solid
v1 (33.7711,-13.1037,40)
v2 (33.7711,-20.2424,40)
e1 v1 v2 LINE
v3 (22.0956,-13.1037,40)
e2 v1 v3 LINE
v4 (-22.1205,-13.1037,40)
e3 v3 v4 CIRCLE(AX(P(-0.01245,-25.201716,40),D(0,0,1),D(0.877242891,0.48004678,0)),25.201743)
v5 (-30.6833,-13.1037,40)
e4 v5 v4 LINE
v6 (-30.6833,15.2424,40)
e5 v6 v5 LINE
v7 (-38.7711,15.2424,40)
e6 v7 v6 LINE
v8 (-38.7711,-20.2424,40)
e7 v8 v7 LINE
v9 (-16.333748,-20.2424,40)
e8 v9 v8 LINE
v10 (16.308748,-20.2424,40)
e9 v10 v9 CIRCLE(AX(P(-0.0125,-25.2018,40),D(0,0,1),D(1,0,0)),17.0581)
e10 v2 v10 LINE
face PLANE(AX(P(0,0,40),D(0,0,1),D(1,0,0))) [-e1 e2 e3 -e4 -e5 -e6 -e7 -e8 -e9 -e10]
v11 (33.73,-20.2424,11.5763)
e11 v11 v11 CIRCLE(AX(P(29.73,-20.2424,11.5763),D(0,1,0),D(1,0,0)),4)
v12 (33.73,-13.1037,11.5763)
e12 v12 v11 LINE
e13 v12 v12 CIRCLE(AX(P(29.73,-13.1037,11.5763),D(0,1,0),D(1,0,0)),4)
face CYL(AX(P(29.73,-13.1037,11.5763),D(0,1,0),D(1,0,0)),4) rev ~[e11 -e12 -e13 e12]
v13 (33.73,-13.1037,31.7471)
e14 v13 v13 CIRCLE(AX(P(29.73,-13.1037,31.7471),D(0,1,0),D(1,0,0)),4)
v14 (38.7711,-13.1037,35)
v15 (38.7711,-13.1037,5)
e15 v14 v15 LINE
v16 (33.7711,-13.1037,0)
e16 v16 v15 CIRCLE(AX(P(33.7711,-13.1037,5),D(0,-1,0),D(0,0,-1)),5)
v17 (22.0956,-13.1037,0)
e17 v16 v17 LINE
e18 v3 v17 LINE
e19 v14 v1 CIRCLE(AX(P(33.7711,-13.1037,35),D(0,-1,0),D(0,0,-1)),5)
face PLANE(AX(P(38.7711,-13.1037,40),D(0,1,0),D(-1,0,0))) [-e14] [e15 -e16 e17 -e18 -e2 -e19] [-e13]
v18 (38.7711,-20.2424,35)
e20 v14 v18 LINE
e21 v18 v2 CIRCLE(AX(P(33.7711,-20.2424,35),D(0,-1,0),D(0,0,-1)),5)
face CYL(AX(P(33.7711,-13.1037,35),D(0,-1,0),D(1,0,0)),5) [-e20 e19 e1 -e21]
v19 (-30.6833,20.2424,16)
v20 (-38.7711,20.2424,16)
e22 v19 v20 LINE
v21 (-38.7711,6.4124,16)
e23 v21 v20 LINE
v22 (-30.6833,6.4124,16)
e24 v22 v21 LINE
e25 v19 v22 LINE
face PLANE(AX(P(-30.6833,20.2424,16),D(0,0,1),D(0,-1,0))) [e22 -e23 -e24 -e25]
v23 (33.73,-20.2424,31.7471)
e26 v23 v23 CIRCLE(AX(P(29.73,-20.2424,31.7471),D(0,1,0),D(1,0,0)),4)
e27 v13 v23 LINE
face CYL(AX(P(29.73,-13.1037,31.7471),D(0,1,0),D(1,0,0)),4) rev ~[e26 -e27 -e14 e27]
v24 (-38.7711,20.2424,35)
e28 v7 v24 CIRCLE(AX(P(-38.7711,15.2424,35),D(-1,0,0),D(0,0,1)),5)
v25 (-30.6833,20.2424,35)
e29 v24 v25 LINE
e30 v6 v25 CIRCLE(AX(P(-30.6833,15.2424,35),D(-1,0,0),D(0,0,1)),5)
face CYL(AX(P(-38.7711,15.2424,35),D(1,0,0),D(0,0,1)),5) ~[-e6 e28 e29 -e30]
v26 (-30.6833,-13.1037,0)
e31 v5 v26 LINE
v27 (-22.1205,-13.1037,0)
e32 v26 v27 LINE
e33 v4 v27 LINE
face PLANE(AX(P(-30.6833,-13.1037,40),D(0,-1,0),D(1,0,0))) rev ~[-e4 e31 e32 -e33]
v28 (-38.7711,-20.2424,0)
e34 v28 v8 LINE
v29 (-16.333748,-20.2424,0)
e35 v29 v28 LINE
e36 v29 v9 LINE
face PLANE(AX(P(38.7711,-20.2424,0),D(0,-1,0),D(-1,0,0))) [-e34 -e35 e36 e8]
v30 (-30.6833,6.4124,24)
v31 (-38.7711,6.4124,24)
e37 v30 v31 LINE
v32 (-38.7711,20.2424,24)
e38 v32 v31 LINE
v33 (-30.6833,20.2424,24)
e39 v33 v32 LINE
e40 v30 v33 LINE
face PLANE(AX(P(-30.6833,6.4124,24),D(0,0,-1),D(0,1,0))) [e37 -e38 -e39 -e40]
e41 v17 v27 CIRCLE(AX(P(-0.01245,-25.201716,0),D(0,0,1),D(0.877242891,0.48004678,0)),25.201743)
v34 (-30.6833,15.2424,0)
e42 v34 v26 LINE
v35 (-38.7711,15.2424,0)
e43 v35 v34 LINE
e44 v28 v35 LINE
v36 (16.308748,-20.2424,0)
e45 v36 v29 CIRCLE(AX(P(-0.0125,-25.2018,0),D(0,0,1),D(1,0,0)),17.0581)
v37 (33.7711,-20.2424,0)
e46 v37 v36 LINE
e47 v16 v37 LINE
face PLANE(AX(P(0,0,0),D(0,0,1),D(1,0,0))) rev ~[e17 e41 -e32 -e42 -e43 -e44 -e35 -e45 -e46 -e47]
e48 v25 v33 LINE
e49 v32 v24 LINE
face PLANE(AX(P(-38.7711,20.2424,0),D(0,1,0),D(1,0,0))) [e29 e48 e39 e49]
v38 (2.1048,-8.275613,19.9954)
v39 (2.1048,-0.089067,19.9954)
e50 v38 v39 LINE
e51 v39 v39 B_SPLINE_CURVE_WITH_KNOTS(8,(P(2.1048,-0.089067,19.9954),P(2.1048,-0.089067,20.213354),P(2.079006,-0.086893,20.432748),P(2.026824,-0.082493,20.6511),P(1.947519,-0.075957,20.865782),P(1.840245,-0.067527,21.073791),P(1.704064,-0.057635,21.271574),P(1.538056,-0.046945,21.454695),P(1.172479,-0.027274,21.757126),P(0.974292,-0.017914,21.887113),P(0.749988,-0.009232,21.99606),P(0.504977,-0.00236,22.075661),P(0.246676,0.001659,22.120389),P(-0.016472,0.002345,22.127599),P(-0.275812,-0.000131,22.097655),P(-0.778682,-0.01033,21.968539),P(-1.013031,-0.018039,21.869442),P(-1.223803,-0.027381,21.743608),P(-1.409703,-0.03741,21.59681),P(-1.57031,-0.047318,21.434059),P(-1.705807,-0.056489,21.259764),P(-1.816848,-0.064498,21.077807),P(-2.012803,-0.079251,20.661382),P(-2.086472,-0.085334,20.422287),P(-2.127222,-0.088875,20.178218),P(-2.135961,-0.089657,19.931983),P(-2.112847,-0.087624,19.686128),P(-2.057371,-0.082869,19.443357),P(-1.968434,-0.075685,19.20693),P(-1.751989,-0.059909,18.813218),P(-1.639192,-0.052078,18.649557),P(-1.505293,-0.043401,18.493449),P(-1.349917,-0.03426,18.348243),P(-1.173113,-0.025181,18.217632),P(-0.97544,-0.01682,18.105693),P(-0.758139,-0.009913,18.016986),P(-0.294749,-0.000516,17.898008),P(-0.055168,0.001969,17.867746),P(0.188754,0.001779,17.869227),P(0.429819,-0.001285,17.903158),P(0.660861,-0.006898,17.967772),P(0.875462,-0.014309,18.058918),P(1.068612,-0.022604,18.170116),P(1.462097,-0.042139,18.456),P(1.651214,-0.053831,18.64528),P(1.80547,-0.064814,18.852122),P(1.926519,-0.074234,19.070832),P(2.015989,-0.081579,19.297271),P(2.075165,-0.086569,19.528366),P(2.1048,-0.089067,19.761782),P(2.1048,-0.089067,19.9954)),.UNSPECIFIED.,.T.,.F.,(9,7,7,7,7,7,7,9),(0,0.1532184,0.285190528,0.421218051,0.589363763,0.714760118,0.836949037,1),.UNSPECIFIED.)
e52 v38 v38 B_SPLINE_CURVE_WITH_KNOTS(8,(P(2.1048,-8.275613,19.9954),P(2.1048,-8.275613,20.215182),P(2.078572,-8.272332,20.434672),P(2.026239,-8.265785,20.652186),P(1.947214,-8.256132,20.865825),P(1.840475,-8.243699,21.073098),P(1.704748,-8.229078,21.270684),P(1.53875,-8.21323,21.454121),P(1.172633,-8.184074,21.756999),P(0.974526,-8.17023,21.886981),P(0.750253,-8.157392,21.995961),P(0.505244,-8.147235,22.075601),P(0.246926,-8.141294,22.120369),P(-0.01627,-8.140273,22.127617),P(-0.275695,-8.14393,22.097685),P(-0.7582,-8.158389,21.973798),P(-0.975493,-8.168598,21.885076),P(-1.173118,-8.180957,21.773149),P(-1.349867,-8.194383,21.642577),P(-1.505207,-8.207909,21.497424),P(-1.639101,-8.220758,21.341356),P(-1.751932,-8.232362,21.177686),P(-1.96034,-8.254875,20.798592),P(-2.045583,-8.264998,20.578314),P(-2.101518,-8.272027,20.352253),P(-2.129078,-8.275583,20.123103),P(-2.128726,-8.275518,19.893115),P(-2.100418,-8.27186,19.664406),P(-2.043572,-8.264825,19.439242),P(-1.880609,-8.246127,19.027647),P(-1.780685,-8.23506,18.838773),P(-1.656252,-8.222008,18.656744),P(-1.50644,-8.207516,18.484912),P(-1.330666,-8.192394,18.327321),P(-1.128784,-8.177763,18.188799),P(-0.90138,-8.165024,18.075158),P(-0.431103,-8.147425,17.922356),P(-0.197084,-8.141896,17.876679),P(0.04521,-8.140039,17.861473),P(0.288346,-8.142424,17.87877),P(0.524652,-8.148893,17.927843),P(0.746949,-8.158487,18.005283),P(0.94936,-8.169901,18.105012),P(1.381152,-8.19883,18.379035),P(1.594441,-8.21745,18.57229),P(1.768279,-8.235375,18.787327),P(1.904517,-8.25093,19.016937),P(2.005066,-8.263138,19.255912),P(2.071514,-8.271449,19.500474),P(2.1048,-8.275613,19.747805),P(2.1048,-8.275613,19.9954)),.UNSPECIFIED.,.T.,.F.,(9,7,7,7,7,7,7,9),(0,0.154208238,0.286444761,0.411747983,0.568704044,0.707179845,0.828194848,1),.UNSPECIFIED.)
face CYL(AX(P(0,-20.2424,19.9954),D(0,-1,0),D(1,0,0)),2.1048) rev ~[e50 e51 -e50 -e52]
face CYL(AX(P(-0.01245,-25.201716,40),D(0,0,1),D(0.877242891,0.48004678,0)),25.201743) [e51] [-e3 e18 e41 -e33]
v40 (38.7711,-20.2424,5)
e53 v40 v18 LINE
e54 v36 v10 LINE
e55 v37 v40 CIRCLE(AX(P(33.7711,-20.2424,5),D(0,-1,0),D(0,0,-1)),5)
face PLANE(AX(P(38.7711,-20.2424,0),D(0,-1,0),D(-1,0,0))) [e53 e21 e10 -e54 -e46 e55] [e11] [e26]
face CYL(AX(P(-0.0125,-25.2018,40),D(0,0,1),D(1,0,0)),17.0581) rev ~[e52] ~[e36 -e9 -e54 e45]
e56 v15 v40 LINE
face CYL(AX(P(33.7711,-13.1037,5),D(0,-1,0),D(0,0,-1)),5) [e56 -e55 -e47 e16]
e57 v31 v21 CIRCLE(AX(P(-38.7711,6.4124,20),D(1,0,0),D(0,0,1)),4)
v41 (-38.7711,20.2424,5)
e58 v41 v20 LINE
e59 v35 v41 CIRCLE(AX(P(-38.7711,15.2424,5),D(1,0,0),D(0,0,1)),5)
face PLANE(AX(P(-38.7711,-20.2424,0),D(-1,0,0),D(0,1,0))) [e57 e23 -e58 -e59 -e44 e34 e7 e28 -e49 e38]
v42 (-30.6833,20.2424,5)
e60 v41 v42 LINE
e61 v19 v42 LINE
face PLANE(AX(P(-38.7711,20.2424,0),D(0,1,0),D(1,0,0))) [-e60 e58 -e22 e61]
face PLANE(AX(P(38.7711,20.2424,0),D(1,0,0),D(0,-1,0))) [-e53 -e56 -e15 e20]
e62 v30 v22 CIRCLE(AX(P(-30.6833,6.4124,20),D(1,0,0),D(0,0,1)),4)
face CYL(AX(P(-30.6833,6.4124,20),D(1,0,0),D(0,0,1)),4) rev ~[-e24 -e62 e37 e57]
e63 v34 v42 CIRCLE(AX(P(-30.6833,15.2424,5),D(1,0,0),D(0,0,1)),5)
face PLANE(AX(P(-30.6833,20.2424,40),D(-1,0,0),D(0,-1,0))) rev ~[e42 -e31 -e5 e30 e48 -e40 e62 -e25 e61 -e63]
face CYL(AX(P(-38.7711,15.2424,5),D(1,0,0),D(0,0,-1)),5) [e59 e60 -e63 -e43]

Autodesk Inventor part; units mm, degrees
ref_plane "YZ Plane" through (0, 0, 0) normal (1, 0, 0) x (0, 1, 0)
ref_plane "XZ Plane" through (0, 0, 0) normal (0, 1, 0) x (-1, 0, 0)
ref_plane "XY Plane" through (0, 0, 0) normal (0, 0, 1) x (1, 0, 0)
sketch "스케치1" plane through (0, 0, 0) normal (0, 0, 1) x (1, 0, 0)
  line L0 (38.7711, -20.2424) -> (-38.7711, -20.2424)
  line L1 (-38.7711, -20.2424) -> (-38.7711, 20.2424)
  line L2 (-38.7711, 20.2424) -> (38.7711, 20.2424)
  line L3 (38.7711, 20.2424) -> (38.7711, -20.2424)
  line L4 (38.7711, -20.2424) -> (-38.7711, 20.2424) construction
  line L5 (-38.7711, -20.2424) -> (38.7711, 20.2424) construction
  point P0 (0, 0)
extrude "돌출1" add sketch "스케치1" along normal blind 40
sketch "스케치2" plane through (0, 0, 40) normal (0, 0, 1) x (1, 0, 0)
  line L0 (38.7711, 20.2424) -> (-38.7711, 20.2424) projected
  line L1 (-30.6833, 20.2424) -> (-30.6833, -13.1037)
  line L2 (-30.6833, -13.1037) -> (-22.1205, -13.1037)
  line L3 (38.7711, -20.2424) -> (38.7711, 20.2424) projected
  line L4 (38.7711, -13.1037) -> (22.0956, -13.1037)
  arc A0 (22.0956, -13.1037) -> (-22.1205, -13.1037) centre (-0.0125, -25.2018) ccw
  line L5 (-30.6833, 20.2424) -> (38.7711, 20.2424)
  line L6 (38.7711, -13.1037) -> (38.7711, 20.2424)
  circle A1 centre (-0.0125, -25.2018) radius 17.0581
  point P0 (0, 0)
extrude "돌출2" cut sketch "스케치2" against normal blind 40
sketch "스케치3" plane through (-38.7711, -20.2424, 0) normal (0, -1, 0) x (1, 0, 0)
  circle A0 centre (38.7711, 19.9954) radius 2.1048
  point P0 (38.7711, 0)
extrude "돌출3" cut sketch "스케치3" against normal blind 30.75
sketch "스케치4" plane through (22.0956, -13.1037, 40) normal (0, 1, 0) x (1, 0, 0)
  circle A0 centre (7.6344, 28.4237) radius 4
  circle A1 centre (7.6344, 8.2529) radius 4
  point P0 (-22.0956, 40)
  dimension "d7" = 8
  dimension "d8" = 8
extrude "돌출4" cut sketch "스케치4" against normal blind 30.75
sketch "스케치5" plane through (-30.6833, -13.1037, 40) normal (1, 0, 0) x (0, 0, -1)
  line L0 (16, 33.3461) -> (16, 22.7148)
  line L1 (0, 33.3461) -> (40, 33.3461) projected
  line L2 (24, 33.3461) -> (24, 19.5161)
  line L3 (40, 33.3461) -> (40, 0) projected
  line L4 (0, 0) -> (0, 33.3461) projected
  arc A0 (16, 19.5161) -> (24, 19.5161) centre (20, 19.5161) ccw
  line L5 (16, 33.3461) -> (24, 33.3461)
  line L6 (16, 19.5161) -> (16, 22.7148)
  point P0 (40, 13.1037)
  dimension "d11" = 16
  dimension "d12" = 16
extrude "돌출5" cut sketch "스케치5" against normal blind 30.75
fillet "모깎기1" radius 5 4 edges at (-34.7272, 20.2424, 40) (-34.7272, 20.2424, 0) (38.7711, -16.673, 40) (38.7711, -16.673, 0)
properties part number "240628_final3"
